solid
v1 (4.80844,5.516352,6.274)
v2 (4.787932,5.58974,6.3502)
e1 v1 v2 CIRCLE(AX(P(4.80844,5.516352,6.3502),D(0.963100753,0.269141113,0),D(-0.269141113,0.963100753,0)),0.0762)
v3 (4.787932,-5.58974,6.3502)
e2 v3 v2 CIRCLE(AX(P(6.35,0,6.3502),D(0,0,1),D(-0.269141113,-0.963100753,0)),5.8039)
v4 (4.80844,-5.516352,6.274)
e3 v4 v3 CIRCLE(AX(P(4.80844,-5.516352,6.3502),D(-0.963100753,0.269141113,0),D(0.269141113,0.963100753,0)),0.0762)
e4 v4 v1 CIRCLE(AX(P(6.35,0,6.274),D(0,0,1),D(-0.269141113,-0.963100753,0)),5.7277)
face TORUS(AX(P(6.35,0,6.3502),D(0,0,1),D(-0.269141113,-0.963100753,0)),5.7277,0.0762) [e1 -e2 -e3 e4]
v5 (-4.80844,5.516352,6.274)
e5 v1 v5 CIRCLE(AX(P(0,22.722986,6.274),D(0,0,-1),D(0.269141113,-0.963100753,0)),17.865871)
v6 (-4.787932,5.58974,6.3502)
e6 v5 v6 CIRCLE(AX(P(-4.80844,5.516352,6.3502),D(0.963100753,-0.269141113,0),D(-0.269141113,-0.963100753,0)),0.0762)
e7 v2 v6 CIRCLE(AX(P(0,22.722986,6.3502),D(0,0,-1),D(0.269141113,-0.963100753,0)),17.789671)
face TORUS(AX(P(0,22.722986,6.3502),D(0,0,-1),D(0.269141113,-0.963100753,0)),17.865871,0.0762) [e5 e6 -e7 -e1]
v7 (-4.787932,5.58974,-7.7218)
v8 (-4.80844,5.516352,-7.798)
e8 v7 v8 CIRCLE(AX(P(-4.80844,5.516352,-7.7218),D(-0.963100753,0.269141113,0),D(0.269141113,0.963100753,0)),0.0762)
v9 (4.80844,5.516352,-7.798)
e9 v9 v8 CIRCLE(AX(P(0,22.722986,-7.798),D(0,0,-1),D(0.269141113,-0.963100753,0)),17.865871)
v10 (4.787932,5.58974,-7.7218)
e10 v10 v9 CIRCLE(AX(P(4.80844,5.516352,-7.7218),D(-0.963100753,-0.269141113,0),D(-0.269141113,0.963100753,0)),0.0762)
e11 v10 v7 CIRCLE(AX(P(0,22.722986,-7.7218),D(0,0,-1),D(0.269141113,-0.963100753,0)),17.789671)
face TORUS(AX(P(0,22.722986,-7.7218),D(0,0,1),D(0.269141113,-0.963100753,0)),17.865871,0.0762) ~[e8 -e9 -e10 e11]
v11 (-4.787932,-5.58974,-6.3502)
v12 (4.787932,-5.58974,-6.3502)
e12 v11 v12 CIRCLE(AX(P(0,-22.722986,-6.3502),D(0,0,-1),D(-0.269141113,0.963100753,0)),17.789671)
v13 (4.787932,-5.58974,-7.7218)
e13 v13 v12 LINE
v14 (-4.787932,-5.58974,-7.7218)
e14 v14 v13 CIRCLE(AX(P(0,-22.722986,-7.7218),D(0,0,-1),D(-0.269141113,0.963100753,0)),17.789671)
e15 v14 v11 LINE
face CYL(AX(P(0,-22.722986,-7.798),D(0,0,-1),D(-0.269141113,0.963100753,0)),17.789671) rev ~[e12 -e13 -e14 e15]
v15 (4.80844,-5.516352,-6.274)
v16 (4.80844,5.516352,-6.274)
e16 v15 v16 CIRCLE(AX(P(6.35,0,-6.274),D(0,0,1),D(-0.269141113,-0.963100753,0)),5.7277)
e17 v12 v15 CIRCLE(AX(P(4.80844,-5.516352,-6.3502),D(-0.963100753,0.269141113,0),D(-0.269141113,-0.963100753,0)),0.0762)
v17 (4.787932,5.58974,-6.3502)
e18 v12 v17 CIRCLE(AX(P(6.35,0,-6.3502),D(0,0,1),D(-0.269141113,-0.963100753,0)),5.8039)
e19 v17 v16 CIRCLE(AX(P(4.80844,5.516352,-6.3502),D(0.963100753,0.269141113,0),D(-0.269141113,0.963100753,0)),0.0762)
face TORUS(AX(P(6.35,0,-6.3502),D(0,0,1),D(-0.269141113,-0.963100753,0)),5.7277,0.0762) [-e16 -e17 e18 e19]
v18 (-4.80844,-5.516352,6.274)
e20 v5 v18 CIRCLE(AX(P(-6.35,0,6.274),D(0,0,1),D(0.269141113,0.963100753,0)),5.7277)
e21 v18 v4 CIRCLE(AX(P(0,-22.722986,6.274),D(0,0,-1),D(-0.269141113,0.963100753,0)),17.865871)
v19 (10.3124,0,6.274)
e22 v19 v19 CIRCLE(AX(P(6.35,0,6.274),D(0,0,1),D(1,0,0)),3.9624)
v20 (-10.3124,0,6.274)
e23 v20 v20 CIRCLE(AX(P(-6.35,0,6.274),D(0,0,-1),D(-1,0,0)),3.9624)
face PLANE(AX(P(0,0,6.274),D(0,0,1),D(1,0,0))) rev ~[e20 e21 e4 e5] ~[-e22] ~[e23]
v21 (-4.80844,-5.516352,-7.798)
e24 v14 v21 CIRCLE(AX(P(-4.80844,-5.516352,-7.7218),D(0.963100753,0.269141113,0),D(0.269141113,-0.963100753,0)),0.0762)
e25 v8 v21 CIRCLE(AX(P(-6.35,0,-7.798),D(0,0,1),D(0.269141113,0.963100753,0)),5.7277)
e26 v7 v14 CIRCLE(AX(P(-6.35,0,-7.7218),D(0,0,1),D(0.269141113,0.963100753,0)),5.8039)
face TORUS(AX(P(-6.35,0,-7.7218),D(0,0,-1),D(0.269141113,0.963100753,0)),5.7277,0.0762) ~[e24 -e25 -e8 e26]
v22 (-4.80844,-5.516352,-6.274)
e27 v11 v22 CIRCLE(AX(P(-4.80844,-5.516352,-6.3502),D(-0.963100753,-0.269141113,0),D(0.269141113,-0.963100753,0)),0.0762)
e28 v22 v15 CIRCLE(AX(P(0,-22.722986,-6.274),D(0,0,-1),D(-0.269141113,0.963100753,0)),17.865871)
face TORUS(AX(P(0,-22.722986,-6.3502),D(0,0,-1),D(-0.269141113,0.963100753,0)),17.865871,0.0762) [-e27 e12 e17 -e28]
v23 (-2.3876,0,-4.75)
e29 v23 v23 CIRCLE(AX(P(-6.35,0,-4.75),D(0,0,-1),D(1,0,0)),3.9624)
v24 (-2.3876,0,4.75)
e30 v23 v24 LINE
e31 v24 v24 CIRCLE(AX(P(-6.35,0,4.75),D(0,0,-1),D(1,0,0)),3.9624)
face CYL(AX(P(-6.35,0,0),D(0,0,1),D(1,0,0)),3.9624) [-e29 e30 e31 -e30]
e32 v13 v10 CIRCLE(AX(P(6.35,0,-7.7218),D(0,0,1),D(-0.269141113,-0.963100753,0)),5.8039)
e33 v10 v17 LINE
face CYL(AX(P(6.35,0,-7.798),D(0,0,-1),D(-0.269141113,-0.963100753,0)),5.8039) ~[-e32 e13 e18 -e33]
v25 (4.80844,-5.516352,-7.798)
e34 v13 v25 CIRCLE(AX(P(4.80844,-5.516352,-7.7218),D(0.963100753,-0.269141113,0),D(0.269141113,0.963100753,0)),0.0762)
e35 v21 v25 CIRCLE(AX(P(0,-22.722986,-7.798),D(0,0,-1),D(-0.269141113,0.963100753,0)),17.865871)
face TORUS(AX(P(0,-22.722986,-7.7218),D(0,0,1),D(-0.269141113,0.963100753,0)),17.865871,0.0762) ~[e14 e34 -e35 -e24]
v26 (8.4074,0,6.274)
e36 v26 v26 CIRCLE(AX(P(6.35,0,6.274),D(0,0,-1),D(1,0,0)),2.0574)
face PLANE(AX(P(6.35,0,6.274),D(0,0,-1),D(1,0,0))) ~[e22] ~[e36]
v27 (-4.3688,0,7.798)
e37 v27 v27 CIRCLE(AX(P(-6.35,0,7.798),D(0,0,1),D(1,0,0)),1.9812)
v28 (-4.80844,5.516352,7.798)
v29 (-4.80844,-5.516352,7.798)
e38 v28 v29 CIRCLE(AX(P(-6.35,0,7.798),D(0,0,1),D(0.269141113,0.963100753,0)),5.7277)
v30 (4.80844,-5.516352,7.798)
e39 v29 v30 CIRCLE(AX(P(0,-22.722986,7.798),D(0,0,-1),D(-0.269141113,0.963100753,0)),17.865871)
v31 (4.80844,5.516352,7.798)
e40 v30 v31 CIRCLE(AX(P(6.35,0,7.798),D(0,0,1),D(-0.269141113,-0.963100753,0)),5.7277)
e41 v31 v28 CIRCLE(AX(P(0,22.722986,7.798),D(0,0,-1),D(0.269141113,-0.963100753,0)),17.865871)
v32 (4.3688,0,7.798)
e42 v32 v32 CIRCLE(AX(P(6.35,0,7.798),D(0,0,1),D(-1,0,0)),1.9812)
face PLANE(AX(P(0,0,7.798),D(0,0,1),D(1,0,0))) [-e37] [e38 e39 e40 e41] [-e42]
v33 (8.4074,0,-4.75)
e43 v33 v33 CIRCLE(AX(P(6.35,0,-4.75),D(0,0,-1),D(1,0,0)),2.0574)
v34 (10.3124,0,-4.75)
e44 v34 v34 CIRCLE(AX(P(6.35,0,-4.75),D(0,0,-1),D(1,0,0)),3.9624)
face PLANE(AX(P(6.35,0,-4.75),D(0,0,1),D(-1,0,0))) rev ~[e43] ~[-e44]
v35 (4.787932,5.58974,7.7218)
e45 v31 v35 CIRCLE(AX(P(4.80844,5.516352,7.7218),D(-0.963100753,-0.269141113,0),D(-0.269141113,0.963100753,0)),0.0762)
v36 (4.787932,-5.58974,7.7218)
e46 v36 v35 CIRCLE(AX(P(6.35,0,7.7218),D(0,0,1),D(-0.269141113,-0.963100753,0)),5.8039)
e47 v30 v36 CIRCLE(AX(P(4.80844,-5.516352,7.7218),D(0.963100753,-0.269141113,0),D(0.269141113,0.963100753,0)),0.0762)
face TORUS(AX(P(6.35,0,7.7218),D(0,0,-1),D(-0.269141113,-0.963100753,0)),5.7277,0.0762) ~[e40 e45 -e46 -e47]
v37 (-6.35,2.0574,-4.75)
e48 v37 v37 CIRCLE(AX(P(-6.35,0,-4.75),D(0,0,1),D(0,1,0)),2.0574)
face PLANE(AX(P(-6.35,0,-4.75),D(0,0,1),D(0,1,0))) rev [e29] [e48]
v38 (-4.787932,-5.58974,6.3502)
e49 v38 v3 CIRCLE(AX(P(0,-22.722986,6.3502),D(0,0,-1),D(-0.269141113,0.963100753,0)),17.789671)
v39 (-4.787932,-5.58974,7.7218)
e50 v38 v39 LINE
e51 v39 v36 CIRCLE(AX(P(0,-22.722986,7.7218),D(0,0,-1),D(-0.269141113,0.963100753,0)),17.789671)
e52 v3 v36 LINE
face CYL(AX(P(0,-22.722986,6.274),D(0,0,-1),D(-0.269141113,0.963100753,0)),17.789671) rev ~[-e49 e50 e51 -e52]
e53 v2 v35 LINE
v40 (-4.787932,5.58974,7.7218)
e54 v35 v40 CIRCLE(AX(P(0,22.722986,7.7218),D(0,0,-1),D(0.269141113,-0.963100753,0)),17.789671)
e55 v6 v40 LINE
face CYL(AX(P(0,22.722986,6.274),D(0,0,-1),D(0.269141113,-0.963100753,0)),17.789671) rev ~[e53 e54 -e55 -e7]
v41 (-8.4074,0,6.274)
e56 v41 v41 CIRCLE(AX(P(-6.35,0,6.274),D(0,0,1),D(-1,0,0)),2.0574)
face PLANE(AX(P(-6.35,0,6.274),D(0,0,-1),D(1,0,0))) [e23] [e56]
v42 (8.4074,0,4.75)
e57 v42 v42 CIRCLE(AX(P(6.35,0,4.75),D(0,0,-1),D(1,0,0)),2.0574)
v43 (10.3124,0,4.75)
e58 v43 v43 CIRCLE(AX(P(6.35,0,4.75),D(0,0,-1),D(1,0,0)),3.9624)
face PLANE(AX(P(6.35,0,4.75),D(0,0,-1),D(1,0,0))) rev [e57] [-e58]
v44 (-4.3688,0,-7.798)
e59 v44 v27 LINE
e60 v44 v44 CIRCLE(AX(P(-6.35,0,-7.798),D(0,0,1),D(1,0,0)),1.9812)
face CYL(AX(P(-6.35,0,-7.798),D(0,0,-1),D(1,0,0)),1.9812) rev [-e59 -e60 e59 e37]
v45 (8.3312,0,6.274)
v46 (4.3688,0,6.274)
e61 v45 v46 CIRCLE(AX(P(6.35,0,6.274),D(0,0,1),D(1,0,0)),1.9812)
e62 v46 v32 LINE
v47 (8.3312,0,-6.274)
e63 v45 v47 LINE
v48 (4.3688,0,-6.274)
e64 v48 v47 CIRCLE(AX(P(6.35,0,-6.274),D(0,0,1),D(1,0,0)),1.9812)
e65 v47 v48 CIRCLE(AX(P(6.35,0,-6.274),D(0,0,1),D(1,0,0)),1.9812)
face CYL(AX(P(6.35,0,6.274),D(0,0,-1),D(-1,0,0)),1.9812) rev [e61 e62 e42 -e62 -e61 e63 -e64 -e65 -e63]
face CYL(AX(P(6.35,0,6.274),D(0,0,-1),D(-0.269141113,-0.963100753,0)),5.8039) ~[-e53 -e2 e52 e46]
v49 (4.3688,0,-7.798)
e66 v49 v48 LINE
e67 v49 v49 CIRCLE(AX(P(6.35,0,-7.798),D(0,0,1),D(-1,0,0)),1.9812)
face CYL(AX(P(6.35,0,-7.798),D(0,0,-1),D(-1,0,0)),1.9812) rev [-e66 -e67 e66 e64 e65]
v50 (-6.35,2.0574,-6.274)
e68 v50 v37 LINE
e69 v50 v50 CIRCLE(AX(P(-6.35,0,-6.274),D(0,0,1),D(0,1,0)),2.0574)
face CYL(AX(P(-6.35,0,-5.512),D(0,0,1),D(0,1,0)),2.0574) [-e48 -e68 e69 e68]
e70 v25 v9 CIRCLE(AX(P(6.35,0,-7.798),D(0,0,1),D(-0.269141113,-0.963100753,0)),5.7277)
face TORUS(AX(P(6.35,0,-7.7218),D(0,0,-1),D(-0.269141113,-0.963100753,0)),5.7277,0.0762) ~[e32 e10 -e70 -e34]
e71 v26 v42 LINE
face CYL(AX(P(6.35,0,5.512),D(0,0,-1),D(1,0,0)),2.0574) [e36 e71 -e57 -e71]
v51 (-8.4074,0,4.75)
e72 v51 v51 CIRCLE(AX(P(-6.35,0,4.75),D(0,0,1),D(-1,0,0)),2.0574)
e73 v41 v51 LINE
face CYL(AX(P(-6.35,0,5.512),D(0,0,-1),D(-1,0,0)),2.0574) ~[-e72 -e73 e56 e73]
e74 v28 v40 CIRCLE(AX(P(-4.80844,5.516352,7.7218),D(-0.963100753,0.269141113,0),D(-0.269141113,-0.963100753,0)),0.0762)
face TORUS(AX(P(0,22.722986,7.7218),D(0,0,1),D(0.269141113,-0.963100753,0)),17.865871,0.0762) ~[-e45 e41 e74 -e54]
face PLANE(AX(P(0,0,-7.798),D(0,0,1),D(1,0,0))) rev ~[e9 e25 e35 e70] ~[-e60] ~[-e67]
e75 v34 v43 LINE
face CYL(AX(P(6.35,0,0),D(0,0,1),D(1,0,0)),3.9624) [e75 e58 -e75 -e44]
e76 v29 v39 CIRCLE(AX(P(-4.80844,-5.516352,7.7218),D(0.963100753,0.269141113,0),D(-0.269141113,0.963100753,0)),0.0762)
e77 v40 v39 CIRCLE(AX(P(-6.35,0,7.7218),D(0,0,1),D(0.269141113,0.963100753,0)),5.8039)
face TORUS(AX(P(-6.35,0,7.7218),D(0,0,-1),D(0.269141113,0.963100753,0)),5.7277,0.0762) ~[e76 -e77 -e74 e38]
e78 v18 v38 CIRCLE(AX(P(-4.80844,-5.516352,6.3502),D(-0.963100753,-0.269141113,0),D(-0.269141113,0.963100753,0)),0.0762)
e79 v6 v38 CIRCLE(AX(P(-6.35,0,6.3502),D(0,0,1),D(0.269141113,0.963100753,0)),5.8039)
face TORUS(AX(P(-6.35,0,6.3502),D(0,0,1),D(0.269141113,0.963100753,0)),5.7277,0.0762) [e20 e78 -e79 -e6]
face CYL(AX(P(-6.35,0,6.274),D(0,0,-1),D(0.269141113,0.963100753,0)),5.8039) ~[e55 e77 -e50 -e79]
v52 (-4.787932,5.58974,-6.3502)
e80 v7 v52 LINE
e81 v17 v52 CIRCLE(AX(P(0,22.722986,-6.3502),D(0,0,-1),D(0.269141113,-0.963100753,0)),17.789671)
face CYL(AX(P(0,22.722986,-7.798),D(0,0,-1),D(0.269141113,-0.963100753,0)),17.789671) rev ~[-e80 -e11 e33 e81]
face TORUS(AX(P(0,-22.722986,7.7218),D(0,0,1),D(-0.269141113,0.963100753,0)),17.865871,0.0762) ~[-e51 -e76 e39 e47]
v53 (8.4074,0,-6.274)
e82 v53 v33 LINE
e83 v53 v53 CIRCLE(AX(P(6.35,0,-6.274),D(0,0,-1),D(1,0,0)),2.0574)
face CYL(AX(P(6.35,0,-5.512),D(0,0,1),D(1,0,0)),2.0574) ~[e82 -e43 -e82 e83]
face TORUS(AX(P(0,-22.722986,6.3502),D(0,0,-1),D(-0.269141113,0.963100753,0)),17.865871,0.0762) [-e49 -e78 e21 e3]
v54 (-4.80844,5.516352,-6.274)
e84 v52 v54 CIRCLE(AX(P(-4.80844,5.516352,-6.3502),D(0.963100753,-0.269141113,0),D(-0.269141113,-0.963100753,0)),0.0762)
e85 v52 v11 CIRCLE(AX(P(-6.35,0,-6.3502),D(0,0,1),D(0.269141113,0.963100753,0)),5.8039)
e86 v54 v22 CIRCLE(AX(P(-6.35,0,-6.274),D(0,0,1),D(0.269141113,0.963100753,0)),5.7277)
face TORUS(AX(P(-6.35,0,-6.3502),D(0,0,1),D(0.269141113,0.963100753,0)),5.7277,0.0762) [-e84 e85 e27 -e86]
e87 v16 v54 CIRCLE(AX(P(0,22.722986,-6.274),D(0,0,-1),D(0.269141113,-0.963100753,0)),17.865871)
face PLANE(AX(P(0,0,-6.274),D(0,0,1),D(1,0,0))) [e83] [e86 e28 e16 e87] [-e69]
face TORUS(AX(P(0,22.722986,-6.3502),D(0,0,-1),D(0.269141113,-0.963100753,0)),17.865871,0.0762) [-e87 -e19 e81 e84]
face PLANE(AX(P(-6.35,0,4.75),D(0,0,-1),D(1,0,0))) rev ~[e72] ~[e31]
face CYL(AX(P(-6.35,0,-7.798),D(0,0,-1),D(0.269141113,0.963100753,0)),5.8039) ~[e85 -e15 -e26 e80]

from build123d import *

# Parameters (mm, degrees)
SKETCH1_R                                  = 3.9624
SKETCH1_R_2                                = 1.9812
BOSS_EXTRUDE2_DEPTH                        = 6.274
BOSS_EXTRUDE2_2_DEPTH                      = 6.274
BOSS_EXTRUDE3_START                        = 6.274
SKETCH3_R                                  = 1.9812
BOSS_EXTRUDE3_DEPTH                        = 1.524
BOSS_EXTRUDE4_START                        = -7.798
SKETCH3_2_R                                = 1.9812
BOSS_EXTRUDE4_DEPTH                        = 1.524
FILLET1_R                                  = 0.0762
SKETCH5_W                                  = 1.524
SKETCH5_H                                  = 1.905
MIRROR2_AT_THE_SECOND_PLANE_COPY_1_SKETC_W = 1.524
MIRROR2_AT_THE_SECOND_PLANE_COPY_1_SKETC_H = 1.905


with BuildPart() as part:
    # Sketch1 → Boss-Extrude2 (new, symmetric)
    with BuildSketch(Plane.XY):
        with Locations((-6.35, 0)):
            Circle(SKETCH1_R)
        with Locations((-6.35, 0)):
            Circle(SKETCH1_R_2, mode=Mode.SUBTRACT)
    extrude(amount=BOSS_EXTRUDE2_DEPTH, both=True)



with BuildPart() as body_2:
    # Sketch1 → Boss-Extrude2 2 (new, symmetric)
    with BuildSketch(Plane.XY):
        with Locations((6.35, 0)):
            Circle(SKETCH1_R)
        with Locations((6.35, 0)):
            Circle(SKETCH1_R_2, mode=Mode.SUBTRACT)
    extrude(amount=BOSS_EXTRUDE2_2_DEPTH, both=True)


with BuildPart() as part_1:
    add(part.part)

    add(body_2.part)  # Boss-Extrude3 merges body 2
    # Sketch3 → Boss-Extrude3 (add)
    with BuildSketch(Plane.XY.offset(BOSS_EXTRUDE3_START)):
        with BuildLine():
            ThreePointArc((4.787931893, -5.589740462), (12.1539, 0), (4.787931893, 5.589740462))
            ThreePointArc((4.787931893, 5.589740462), (0, 4.933315), (-4.787931893, 5.589740462))
            ThreePointArc((-4.787931893, 5.589740462), (-12.1539, 0), (-4.787931893, -5.589740462))
            ThreePointArc((-4.787931893, -5.589740462), (0, -4.933315), (4.787931893, -5.589740462))
        make_face()
        with Locations((-6.35, 0)):
            Circle(SKETCH3_R, mode=Mode.SUBTRACT)
        with Locations(Location((6.35, 0, 0), (0, 0, 180))):
            Circle(SKETCH3_R, mode=Mode.SUBTRACT)
    extrude(amount=BOSS_EXTRUDE3_DEPTH)

    # Sketch3<2> → Boss-Extrude4 (add)
    with BuildSketch(Plane.XY.offset(BOSS_EXTRUDE4_START)):
        with BuildLine():
            ThreePointArc((4.787931893, -5.589740462), (12.1539, 0), (4.787931893, 5.589740462))
            ThreePointArc((4.787931893, 5.589740462), (0, 4.933315), (-4.787931893, 5.589740462))
            ThreePointArc((-4.787931893, 5.589740462), (-12.1539, 0), (-4.787931893, -5.589740462))
            ThreePointArc((-4.787931893, -5.589740462), (0, -4.933315), (4.787931893, -5.589740462))
        make_face()
        with Locations((-6.35, 0)):
            Circle(SKETCH3_2_R, mode=Mode.SUBTRACT)
        with Locations(Location((6.35, 0, 0), (0, 0, 180))):
            Circle(SKETCH3_2_R, mode=Mode.SUBTRACT)
    extrude(amount=BOSS_EXTRUDE4_DEPTH)

    # Fillet1
    fillet1_edges = [part_1.edges().sort_by_distance(p)[0] for p in [
        (0, -4.933315, 6.274),
        (0, 4.933315, 6.274),
        (0, -4.933315, 7.798),
        (12.1539, 0, 6.274),
        (0, 4.933315, 7.798),
        (-12.1539, 0, 6.274),
        (12.1539, 0, -6.274),
        (-12.1539, 0, -6.274),
        (0, -4.933315, -6.274),
        (-12.1539, 0, -7.798),
        (0, 4.933315, -6.274),
        (12.1539, 0, -7.798),
        (0, -4.933315, -7.798),
        (0, 4.933315, -7.798),
        (12.1539, 0, 7.798),
        (-12.1539, 0, 7.798),
    ]]
    fillet(fillet1_edges, radius=FILLET1_R)

    # Sketch5 → Cut-Revolve2 (revolve, cut)
    with BuildSketch(Plane(origin=(6.35, 0, 0), x_dir=(0, 0, -1), z_dir=(1, 0, 0)), mode=Mode.PRIVATE) as cut_revolve2_sk:
        with Locations((-5.512, 3.0099)):
            Rectangle(SKETCH5_W, SKETCH5_H)
    cut_revolve2 = revolve(cut_revolve2_sk.sketch.rotate(Axis((6.35, 0, 7.798), (0, 0, -1)), 90), axis=Axis((6.35, 0, 7.798), (0, 0, -1)), mode=Mode.SUBTRACT)

    # Mirror2: Cut-Revolve2 across plane
    add(cut_revolve2.mirror(Plane(origin=(0, 0, 0), x_dir=(0, 0, 1), z_dir=(1, 0, 0))), mode=Mode.SUBTRACT)

    # Mirror2 at the second plane: Cut-Revolve2 across plane
    add(cut_revolve2.mirror(Plane.XY), mode=Mode.SUBTRACT)

    # Mirror2 at the second plane copy 1 sketc → Mirror2 at the second plane copy 1 (revolve, cut)
    with BuildSketch(Plane.ZY.offset(6.35)):
        with Locations((-5.512, 3.0099)):
            Rectangle(MIRROR2_AT_THE_SECOND_PLANE_COPY_1_SKETC_W, MIRROR2_AT_THE_SECOND_PLANE_COPY_1_SKETC_H)
    revolve(axis=Axis((-6.35, 0, -7.798), (0, 0, 1)), mode=Mode.SUBTRACT)


solid = part_1.part
